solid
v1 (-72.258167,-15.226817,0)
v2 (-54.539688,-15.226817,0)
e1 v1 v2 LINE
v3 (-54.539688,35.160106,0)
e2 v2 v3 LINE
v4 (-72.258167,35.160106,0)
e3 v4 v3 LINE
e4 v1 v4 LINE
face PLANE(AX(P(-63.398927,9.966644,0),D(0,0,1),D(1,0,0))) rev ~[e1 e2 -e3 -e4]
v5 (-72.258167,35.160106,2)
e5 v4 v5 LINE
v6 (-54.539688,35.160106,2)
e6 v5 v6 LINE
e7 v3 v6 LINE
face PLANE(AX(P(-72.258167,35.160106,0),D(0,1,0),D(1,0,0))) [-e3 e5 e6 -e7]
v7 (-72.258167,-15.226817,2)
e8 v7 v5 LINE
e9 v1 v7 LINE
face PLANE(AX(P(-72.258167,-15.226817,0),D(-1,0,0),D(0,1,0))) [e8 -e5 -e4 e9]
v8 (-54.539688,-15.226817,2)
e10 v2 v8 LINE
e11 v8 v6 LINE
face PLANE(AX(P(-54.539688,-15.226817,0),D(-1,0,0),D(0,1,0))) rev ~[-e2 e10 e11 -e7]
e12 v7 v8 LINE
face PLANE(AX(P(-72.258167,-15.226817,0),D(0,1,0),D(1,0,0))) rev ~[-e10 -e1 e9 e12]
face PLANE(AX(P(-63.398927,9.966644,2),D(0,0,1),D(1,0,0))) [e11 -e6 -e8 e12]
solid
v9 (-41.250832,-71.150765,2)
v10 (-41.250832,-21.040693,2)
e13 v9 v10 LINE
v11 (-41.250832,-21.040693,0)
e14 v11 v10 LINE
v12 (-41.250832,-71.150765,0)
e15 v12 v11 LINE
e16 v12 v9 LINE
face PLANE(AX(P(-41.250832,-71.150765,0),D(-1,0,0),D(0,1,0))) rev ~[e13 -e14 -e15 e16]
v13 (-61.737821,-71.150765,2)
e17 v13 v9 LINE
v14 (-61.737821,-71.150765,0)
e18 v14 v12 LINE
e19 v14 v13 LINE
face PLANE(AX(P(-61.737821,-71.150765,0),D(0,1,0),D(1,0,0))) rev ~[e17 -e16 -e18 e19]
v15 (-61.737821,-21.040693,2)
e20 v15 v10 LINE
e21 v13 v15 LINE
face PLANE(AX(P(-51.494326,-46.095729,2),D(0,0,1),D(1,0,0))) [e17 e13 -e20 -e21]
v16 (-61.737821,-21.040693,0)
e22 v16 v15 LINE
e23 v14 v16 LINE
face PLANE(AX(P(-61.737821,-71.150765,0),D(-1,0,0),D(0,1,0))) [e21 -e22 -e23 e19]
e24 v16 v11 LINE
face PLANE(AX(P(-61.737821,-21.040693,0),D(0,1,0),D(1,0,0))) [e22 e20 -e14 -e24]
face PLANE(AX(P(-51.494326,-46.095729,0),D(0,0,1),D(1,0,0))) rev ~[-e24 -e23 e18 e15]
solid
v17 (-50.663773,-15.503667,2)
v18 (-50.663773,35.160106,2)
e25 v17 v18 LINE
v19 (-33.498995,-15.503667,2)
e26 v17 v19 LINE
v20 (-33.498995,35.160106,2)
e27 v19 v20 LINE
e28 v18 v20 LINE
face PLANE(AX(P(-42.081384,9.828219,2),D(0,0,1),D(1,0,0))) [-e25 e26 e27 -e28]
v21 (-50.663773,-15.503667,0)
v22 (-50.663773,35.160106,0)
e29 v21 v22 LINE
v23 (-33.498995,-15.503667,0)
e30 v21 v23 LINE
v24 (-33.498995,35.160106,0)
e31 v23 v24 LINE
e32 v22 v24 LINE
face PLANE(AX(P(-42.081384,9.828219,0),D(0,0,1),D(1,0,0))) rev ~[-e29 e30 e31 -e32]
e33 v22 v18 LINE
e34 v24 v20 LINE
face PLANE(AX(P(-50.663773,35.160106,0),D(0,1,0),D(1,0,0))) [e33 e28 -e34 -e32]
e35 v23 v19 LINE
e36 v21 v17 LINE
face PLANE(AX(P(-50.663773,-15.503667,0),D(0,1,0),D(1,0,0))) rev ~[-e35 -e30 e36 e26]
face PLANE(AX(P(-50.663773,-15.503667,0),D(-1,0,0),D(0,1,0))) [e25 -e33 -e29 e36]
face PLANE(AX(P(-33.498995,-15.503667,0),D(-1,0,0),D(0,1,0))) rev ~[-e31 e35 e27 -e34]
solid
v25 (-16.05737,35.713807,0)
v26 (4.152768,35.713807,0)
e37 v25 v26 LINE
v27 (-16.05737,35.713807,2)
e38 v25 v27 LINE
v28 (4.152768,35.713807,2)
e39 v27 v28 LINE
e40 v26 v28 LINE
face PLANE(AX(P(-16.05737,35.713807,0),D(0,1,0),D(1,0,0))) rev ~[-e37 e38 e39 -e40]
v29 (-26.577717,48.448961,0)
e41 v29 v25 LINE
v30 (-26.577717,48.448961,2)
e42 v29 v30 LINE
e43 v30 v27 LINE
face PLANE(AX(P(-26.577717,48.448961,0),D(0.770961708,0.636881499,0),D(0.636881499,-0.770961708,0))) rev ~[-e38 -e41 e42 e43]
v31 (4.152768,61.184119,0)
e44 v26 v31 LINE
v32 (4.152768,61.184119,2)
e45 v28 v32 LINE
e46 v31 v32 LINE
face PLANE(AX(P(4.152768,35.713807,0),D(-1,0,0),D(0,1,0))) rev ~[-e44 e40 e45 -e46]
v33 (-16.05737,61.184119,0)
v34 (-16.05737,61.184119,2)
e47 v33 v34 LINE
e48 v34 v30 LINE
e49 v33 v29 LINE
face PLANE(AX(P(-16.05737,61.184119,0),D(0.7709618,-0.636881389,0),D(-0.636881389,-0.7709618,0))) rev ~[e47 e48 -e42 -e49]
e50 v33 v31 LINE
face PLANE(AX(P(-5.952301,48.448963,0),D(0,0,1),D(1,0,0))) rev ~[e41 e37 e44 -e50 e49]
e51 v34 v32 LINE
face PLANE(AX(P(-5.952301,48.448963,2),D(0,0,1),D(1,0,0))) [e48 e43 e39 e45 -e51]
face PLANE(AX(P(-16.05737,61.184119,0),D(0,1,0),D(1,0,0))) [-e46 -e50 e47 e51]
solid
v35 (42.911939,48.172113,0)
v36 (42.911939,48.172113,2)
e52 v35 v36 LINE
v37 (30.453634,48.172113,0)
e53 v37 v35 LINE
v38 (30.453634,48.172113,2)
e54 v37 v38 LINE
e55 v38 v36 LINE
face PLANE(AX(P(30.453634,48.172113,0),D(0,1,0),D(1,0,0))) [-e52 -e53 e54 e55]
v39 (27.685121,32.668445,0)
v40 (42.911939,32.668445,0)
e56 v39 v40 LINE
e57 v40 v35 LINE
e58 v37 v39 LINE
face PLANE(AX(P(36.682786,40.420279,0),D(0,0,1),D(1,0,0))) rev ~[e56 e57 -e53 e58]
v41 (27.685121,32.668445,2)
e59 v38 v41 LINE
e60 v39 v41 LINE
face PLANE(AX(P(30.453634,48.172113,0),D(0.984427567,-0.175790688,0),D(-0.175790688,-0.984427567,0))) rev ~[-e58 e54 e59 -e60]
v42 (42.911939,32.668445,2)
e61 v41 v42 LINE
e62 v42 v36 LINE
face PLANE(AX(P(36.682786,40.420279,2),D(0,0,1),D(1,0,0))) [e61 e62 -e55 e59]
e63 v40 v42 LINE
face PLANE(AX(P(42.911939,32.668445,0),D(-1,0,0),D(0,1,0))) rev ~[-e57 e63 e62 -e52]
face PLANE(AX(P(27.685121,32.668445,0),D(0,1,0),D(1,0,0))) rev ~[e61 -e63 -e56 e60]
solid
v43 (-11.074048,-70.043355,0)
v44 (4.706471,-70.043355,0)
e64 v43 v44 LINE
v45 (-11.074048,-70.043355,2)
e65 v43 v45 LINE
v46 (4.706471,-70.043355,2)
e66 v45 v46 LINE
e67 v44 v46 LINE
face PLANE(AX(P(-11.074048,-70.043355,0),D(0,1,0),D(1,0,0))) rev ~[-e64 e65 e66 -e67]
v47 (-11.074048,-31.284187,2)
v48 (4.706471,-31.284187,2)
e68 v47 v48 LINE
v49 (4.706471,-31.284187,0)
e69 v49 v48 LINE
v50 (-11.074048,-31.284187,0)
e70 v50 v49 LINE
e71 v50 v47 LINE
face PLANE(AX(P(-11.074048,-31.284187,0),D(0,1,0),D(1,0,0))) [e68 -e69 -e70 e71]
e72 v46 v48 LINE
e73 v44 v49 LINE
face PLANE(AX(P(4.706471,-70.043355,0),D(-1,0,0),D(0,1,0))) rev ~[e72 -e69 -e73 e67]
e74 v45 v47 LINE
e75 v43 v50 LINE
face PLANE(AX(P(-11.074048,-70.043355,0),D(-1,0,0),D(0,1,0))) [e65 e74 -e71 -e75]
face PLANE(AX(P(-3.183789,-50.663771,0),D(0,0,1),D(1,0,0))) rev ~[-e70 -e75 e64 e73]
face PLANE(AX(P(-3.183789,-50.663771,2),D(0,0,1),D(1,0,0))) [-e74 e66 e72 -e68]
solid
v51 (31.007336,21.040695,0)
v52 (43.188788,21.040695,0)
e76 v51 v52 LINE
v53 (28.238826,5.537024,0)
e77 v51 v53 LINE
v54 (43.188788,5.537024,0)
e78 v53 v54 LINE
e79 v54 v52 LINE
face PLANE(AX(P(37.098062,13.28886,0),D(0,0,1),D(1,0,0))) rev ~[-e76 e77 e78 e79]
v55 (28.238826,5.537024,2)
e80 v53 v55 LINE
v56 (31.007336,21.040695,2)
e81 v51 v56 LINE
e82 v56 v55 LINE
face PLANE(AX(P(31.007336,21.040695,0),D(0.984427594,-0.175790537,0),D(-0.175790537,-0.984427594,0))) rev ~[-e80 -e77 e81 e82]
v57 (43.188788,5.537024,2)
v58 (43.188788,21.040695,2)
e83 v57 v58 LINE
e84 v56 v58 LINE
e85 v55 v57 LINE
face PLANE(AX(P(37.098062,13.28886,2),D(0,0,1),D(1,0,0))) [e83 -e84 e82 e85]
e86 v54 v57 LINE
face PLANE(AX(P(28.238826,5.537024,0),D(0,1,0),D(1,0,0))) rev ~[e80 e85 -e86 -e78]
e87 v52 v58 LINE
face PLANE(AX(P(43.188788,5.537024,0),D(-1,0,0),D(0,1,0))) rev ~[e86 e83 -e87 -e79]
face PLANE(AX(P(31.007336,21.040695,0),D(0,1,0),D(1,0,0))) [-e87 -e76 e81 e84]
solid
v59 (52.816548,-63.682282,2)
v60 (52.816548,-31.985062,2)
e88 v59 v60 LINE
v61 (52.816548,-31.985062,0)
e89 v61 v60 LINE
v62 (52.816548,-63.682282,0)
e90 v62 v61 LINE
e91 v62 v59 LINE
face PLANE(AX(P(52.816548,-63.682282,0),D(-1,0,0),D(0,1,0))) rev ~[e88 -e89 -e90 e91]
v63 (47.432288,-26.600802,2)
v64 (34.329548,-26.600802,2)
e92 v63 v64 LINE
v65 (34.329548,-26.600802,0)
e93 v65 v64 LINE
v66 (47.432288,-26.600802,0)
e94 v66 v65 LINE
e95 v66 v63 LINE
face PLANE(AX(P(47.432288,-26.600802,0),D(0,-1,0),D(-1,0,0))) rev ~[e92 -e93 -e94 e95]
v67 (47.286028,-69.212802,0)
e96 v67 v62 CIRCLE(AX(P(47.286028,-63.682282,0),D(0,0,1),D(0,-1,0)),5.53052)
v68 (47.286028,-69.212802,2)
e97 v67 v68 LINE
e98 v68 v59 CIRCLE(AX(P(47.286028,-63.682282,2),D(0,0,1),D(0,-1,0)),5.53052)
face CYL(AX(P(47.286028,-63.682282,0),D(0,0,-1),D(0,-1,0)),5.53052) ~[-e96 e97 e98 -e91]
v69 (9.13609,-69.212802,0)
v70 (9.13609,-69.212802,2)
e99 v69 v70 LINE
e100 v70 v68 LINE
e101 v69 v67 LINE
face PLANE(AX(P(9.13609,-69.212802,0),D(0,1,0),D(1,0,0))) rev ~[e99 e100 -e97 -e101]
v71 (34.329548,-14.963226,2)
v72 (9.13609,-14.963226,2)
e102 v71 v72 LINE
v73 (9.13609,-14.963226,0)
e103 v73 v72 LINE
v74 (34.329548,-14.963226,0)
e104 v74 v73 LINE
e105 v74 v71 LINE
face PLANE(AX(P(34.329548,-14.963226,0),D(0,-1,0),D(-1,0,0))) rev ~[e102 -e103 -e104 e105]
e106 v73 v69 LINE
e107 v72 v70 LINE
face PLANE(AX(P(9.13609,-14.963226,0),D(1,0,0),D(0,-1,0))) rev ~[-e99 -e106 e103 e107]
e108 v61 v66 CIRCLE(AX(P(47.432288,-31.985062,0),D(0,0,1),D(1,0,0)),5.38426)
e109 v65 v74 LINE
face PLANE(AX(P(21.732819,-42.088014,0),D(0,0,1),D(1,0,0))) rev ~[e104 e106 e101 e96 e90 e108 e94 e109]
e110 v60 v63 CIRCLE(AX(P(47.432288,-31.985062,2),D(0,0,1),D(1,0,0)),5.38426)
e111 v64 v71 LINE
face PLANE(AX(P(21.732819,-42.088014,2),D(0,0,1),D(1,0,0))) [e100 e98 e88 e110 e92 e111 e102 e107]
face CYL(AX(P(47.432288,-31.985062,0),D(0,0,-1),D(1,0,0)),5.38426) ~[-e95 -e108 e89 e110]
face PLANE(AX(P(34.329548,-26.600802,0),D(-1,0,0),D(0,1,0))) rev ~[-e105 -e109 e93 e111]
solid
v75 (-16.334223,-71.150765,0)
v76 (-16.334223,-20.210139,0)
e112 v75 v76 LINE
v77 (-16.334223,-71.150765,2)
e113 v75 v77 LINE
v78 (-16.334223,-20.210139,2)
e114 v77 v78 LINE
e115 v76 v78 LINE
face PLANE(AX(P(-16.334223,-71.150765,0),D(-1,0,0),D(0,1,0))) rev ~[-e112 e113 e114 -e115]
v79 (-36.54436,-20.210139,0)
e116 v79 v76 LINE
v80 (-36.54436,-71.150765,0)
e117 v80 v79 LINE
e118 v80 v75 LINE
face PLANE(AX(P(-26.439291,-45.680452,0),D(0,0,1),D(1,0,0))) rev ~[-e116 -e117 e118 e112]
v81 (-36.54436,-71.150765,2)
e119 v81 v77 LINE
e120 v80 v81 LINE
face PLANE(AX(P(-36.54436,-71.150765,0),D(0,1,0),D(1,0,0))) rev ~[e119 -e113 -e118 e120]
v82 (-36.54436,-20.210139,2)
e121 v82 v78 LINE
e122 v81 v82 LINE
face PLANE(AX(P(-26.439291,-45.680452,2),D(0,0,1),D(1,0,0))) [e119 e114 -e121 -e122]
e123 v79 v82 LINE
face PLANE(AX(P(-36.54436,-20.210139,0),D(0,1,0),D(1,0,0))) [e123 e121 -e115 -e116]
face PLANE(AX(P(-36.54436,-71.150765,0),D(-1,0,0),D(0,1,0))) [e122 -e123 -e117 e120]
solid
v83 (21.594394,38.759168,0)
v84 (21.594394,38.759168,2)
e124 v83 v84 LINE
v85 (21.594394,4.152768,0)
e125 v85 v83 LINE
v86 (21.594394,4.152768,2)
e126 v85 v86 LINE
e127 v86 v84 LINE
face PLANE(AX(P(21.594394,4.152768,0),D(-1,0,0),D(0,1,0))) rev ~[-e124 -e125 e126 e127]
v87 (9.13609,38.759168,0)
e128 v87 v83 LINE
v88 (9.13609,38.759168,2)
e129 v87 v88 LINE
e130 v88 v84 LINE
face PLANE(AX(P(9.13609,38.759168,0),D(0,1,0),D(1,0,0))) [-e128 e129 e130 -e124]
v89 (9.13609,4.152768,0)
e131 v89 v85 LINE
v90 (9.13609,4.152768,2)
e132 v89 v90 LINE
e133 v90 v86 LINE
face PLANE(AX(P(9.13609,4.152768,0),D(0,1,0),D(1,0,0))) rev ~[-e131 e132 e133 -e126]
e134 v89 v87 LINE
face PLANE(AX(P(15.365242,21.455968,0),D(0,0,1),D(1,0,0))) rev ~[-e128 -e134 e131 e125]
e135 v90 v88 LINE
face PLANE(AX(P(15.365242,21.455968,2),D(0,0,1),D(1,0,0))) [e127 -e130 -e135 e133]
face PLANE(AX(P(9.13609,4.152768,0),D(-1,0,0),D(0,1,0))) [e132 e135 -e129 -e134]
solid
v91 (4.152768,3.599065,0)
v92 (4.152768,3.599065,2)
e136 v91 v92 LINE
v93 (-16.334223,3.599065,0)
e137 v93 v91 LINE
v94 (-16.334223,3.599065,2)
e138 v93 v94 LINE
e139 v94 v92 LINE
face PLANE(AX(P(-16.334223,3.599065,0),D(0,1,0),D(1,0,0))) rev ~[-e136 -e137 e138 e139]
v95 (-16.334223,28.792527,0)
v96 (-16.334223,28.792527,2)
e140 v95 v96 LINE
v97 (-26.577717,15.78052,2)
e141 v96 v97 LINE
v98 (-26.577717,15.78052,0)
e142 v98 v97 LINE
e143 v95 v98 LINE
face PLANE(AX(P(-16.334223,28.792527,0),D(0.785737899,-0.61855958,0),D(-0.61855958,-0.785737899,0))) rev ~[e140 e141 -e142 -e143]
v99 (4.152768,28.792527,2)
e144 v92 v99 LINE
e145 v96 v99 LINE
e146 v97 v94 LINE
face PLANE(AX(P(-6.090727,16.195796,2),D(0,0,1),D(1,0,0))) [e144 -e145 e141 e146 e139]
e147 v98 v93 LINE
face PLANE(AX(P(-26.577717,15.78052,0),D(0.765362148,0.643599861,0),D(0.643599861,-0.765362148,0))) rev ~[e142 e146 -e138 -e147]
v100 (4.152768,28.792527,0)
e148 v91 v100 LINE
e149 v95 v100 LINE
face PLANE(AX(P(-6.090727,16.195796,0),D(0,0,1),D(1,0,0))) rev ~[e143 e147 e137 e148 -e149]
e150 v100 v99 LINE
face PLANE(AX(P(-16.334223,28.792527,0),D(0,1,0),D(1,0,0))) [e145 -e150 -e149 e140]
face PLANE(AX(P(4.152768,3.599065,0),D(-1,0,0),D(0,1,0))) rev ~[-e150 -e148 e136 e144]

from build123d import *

# Parameters (mm, degrees)
F0_W      = 20.4869881272
F0_H      = 50.1100718975
F1_DEPTH  = 2
F0_W_2    = 20.2101375908
F0_H_2    = 50.9406253695
F2_W      = 17.7184790373
F2_H      = 50.386922434
F3_DEPTH  = 2
F2_W_2    = 17.1647779644
F2_H_2    = 50.6637729704
F4_W      = 20.4869909212
F4_H      = 25.1934616826
F5_DEPTH  = 2
F4_W_2    = 20.2101385221
F4_H_2    = 25.4703126848
F6_W      = 15.7805192284
F6_H      = 38.7591682374
F7_DEPTH  = 2
F8_W      = 12.4583039433
F8_H      = 34.6064004116
F9_DEPTH  = 2
F11_DEPTH = 2
F12_W     = 12.1814515442
F12_H     = 15.5036705546
F13_DEPTH = 2
F12_W_2   = 12.4583058059
F12_H_2   = 15.503667295


with BuildPart() as f1:
    # F0 (on Top) → F1 (new body)
    with BuildSketch(Plane.XY):
        with Locations((-51.4943264425, -46.0957288742)):
            Rectangle(F0_W, F0_H)
    extrude(amount=F1_DEPTH)


with BuildPart() as f1b:
    # F0 (on Top) → F1, piece 2 (new body)
    with BuildSketch(Plane.XY):
        with Locations((-26.439291425, -45.6804521382)):
            Rectangle(F0_W_2, F0_H_2)
    extrude(amount=F1_DEPTH)


with BuildPart() as f3:
    # F2 (on Top) → F3 (new body)
    with BuildSketch(Plane.XY):
        with Locations((-63.3989274502, 9.9666444585)):
            Rectangle(F2_W, F2_H)
    extrude(amount=F3_DEPTH)


with BuildPart() as f3b:
    # F2 (on Top) → F3, piece 2 (new body)
    with BuildSketch(Plane.XY):
        with Locations((-42.0813839883, 9.8282191902)):
            Rectangle(F2_W_2, F2_H_2)
    extrude(amount=F3_DEPTH)


with BuildPart() as f5:
    # F4 (on Top) → F5 (new body)
    with BuildSketch(Plane.XY):
        with Locations((-6.0907271691, 16.1957957316)):
            Rectangle(F4_W, F4_H)
        Polygon((-26.5777166933, 15.7805196941), (-16.3342226297, 3.5990648903), (-16.3342226297, 28.7925265729), align=None)
    extrude(amount=F5_DEPTH)


with BuildPart() as f5b:
    # F4 (on Top) → F5, piece 2 (new body)
    with BuildSketch(Plane.XY):
        with Locations((-5.9523009695, 48.4489630908)):
            Rectangle(F4_W_2, F4_H_2)
        Polygon((-26.5777166933, 48.4489612281), (-16.0573702306, 35.7138067484), (-16.0573702306, 61.1841194332), align=None)
    extrude(amount=F5_DEPTH)


with BuildPart() as f7:
    # F6 (on Top) → F7 (new body)
    with BuildSketch(Plane.XY):
        with Locations((-3.1837888528, -50.6637711078)):
            Rectangle(F6_W, F6_H)
    extrude(amount=F7_DEPTH)


with BuildPart() as f9:
    # F8 (on Top) → F9 (new body)
    with BuildSketch(Plane.XY):
        with Locations((15.3652420267, 21.4559680317)):
            Rectangle(F8_W, F8_H)
    extrude(amount=F9_DEPTH)


with BuildPart() as f11:
    # F10 (on Top) → F11 (new body)
    with BuildSketch(Plane.XY):
        Polygon((9.1360900551, -14.9632263929), (9.1360900551, -69.2128017545), (34.3295484781, -69.2128017545), (34.3295484781, -26.6008017545), (34.3295484781, -14.9632263929), align=None)
        with BuildLine():
            Line((34.3295484781, -26.6008017545), (34.3295484781, -69.2128017545))
            Line((34.3295484781, -69.2128017545), (47.286027726, -69.2128017545))
            ThreePointArc((47.286027726, -69.2128017545), (51.1966959215, -67.59294995), (52.816547726, -63.6822817545))
            Line((52.816547726, -63.6822817545), (52.816547726, -31.9850617545))
            ThreePointArc((52.816547726, -31.9850617545), (51.2395344837, -28.1778149968), (47.432287726, -26.6008017545))
            Line((47.432287726, -26.6008017545), (34.3295484781, -26.6008017545))
        make_face()
    extrude(amount=F11_DEPTH)


with BuildPart() as f13:
    # F12 (on Top) → F13 (new body)
    with BuildSketch(Plane.XY):
        with Locations((37.0980622247, 13.2888595108)):
            Rectangle(F12_W, F12_H)
        Polygon((28.2388255, 5.5370242335), (31.0073364526, 5.5370242335), (31.0073364526, 21.0406947881), align=None)
    extrude(amount=F13_DEPTH)


with BuildPart() as f13b:
    # F12 (on Top) → F13, piece 2 (new body)
    with BuildSketch(Plane.XY):
        with Locations((36.68278642, 40.4202789068)):
            Rectangle(F12_W_2, F12_H_2)
        Polygon((27.6851207018, 32.6684452593), (30.453633517, 32.6684452593), (30.453633517, 48.1721125543), align=None)
    extrude(amount=F13_DEPTH)


solid = Compound([f1.part, f1b.part, f3.part, f3b.part, f5.part, f5b.part, f7.part, f9.part, f11.part, f13.part, f13b.part])
